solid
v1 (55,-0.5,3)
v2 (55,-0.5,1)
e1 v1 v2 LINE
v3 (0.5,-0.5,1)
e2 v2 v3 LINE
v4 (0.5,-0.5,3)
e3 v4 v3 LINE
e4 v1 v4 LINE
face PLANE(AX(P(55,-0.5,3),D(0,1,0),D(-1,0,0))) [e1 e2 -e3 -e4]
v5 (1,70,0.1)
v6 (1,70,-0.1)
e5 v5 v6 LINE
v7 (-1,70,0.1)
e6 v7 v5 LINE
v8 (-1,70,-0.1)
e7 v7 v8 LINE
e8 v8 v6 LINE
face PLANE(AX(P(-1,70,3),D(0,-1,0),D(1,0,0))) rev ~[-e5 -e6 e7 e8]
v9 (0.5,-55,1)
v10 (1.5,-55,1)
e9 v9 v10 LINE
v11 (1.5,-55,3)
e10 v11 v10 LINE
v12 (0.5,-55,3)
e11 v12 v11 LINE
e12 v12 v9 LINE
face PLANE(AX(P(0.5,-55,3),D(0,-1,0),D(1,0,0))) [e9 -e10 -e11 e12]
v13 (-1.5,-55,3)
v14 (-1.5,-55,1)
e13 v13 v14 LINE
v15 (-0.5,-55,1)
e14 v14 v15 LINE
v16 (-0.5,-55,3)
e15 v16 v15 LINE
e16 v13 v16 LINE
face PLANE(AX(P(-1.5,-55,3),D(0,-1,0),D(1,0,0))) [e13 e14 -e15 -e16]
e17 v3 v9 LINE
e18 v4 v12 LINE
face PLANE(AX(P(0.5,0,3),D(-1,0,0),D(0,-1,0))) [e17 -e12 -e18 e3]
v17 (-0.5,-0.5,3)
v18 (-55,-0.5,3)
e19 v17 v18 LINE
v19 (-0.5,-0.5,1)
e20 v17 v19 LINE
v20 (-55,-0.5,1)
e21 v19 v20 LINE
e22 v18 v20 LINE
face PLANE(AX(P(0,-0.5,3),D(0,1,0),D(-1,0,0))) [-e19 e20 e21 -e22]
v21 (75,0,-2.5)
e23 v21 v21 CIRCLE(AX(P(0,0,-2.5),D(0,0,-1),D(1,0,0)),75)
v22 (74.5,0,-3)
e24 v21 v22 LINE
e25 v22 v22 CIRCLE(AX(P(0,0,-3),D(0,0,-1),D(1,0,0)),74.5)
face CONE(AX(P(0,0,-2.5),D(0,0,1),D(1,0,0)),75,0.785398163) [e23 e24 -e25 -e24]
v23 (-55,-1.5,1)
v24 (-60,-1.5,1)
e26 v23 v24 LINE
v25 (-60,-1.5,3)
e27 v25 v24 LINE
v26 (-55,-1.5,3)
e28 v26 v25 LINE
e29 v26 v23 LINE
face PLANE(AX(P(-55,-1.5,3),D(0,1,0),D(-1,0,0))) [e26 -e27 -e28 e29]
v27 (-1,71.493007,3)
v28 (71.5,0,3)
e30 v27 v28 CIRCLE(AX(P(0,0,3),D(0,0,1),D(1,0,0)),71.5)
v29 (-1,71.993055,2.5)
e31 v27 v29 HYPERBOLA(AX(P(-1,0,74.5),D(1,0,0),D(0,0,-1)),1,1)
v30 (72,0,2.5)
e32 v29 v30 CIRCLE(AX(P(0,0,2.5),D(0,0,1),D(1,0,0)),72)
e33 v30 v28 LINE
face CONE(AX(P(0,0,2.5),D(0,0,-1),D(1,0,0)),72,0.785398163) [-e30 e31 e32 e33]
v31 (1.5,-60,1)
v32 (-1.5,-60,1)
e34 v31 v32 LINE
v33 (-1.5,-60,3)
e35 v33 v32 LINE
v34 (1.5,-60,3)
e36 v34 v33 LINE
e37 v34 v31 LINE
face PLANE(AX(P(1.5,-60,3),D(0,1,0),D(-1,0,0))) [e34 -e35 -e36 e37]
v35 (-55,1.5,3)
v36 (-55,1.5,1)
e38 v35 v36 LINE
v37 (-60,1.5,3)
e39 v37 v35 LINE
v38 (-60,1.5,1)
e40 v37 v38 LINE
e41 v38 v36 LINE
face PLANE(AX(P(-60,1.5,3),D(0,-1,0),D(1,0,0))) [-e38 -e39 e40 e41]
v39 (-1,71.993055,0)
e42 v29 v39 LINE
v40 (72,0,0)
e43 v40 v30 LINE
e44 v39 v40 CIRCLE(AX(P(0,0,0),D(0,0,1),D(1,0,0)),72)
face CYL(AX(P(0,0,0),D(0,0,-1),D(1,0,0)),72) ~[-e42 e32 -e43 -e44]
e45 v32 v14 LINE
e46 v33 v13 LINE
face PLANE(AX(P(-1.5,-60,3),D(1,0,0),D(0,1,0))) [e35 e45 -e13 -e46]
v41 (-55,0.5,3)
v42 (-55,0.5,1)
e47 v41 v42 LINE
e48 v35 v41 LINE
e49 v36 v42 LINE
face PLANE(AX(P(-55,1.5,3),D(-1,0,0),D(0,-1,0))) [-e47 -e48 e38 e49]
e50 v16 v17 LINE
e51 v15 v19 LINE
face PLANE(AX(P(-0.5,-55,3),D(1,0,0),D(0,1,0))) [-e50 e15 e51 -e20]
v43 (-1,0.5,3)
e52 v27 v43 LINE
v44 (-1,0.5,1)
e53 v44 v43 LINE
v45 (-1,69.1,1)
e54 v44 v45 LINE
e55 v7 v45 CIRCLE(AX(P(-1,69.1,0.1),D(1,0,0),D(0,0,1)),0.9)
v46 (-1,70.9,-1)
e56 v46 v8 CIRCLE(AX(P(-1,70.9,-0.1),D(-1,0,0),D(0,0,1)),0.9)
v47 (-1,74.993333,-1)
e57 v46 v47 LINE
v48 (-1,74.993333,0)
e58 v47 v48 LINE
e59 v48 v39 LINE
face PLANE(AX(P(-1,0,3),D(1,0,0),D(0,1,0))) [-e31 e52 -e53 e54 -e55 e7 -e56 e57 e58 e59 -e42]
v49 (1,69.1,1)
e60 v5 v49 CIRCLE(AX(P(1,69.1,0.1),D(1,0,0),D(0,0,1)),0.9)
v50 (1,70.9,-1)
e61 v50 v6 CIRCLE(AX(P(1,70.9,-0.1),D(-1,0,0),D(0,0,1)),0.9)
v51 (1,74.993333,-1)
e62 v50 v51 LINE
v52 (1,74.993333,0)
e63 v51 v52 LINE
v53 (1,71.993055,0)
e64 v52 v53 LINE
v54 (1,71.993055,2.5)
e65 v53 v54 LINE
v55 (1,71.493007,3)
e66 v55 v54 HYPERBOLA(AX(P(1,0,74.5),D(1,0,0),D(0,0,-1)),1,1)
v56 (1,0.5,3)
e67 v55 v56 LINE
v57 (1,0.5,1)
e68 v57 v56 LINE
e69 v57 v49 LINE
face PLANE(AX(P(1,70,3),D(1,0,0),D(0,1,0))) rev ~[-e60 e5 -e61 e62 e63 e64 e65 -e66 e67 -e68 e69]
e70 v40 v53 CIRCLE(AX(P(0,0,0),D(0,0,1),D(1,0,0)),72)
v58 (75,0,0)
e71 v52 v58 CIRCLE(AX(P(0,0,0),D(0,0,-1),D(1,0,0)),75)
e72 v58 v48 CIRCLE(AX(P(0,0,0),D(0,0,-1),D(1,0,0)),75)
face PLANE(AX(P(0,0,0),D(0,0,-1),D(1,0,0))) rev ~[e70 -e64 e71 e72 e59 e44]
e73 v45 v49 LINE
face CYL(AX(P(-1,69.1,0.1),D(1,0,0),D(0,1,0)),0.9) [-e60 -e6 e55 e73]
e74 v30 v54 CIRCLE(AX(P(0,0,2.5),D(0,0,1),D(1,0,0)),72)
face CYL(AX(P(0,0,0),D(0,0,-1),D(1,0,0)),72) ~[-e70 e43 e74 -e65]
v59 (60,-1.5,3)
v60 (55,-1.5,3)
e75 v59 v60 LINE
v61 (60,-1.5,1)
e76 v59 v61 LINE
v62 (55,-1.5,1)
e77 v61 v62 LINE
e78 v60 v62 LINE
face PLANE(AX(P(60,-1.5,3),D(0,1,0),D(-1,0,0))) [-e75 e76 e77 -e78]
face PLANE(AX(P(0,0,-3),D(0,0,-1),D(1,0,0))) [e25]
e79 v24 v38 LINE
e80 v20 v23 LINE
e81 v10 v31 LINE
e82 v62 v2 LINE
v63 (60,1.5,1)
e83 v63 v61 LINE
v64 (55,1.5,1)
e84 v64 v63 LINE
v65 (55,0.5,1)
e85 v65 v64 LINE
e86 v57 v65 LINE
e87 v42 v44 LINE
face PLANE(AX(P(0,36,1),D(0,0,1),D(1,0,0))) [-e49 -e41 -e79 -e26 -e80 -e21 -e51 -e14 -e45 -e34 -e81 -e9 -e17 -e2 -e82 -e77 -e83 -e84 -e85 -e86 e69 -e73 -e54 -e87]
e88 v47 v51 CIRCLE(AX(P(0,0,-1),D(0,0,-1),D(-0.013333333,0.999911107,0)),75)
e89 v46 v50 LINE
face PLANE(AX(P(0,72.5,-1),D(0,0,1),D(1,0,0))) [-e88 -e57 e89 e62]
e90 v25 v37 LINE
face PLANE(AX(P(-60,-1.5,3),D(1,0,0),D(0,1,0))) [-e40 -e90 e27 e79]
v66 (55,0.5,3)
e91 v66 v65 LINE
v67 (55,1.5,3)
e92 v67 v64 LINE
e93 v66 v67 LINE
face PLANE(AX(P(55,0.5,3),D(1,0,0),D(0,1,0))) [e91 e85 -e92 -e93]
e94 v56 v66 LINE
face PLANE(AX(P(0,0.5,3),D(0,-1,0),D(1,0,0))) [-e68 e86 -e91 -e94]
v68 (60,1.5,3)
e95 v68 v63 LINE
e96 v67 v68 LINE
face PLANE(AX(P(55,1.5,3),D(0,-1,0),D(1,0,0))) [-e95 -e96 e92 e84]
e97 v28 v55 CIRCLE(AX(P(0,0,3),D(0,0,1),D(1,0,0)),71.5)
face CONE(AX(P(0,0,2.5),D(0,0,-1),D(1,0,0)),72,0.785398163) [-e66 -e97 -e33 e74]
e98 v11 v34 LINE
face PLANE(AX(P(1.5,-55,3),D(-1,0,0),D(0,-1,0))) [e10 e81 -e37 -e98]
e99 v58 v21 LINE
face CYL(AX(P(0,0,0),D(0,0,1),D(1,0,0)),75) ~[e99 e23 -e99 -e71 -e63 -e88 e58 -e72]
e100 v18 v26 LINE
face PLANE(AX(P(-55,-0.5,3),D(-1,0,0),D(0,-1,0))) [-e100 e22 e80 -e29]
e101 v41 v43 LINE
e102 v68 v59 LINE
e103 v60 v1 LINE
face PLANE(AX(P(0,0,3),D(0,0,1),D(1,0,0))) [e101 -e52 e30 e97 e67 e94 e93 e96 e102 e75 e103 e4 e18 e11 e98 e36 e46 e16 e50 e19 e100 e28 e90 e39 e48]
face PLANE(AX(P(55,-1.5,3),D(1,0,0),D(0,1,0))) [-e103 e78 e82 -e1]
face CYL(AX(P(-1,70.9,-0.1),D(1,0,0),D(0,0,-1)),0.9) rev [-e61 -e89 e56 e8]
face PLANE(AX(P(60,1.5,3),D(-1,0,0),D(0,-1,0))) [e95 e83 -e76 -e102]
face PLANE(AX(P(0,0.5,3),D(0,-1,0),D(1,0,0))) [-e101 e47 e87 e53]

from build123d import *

# Parameters (mm, degrees)
SKETCH_R           = 72
PAD_DEPTH          = 3
SKETCH001_R        = 75
PAD001_DEPTH       = 3
CHAMFER_SIZE       = 0.5
CHAMFER001_SIZE    = 0.5
POCKET_DEPTH       = 2
POLARPATTERN_COUNT = 3
POLARPATTERN_ANGLE = 180
SKETCH003_W        = 2
SKETCH003_H        = 72
POCKET001_DEPTH    = 2
SKETCH004_W        = 2
SKETCH004_H        = 5
POCKET002_DEPTH    = 4
FILLET_R           = 0.9


with BuildPart() as part:
    # Sketch → Pad (new body)
    with BuildSketch(Plane.XY):
        Circle(SKETCH_R)
    extrude(amount=PAD_DEPTH)

    # Sketch001 (on Face2 of Pad) → Pad001 (join)
    with BuildSketch(Plane(origin=(0, 0, 0), x_dir=(1, 0, 0), z_dir=(0, 0, -1))):
        Circle(SKETCH001_R)
    extrude(amount=PAD001_DEPTH)

    # Chamfer
    chamfer_edges = [part.edges().sort_by_distance(p)[0] for p in [
        (-75, 0, -3),
    ]]
    chamfer(chamfer_edges, length=CHAMFER_SIZE)

    # Chamfer001
    chamfer001_edges = [part.edges().sort_by_distance(p)[0] for p in [
        (-72, 0, 3),
    ]]
    chamfer(chamfer001_edges, length=CHAMFER001_SIZE)

    # Sketch002 (on Face4 of Chamfer001) → Pocket (cut)
    with BuildSketch(Plane.XY.offset(3)):
        Polygon((-60, -1.5), (-60, 1.5), (-55, 1.5), (-55, 0.5), (0, 0.5), (0, -0.5), (-55, -0.5), (-55, -1.5), align=None)
    pocket = extrude(amount=-POCKET_DEPTH, mode=Mode.SUBTRACT)

    # PolarPattern: Pocket ×3 about axis
    polarpattern_axis = Axis((0, 0, 3), (0, 0, 1))
    for i in range(1, POLARPATTERN_COUNT):
        add(pocket.rotate(polarpattern_axis, i * POLARPATTERN_ANGLE / (POLARPATTERN_COUNT - 1)), mode=Mode.SUBTRACT)

    # Sketch003 (on Face4 of PolarPattern) → Pocket001 (cut)
    with BuildSketch(Plane.XY.offset(3)):
        with Locations((0, 36)):
            Rectangle(SKETCH003_W, SKETCH003_H)
    extrude(amount=-POCKET001_DEPTH, mode=Mode.SUBTRACT)

    # Sketch004 (on Face8 of Pocket001) → Pocket002 (cut)
    with BuildSketch(Plane.XY.offset(3)):
        with Locations((0, 72.5)):
            Rectangle(SKETCH004_W, SKETCH004_H)
    extrude(amount=-POCKET002_DEPTH, mode=Mode.SUBTRACT)

    # Fillet
    fillet_edges = [part.edges().sort_by_distance(p)[0] for p in [
        (0, 70, 1),
        (0, 70, -1),
    ]]
    fillet(fillet_edges, radius=FILLET_R)


solid = part.part
